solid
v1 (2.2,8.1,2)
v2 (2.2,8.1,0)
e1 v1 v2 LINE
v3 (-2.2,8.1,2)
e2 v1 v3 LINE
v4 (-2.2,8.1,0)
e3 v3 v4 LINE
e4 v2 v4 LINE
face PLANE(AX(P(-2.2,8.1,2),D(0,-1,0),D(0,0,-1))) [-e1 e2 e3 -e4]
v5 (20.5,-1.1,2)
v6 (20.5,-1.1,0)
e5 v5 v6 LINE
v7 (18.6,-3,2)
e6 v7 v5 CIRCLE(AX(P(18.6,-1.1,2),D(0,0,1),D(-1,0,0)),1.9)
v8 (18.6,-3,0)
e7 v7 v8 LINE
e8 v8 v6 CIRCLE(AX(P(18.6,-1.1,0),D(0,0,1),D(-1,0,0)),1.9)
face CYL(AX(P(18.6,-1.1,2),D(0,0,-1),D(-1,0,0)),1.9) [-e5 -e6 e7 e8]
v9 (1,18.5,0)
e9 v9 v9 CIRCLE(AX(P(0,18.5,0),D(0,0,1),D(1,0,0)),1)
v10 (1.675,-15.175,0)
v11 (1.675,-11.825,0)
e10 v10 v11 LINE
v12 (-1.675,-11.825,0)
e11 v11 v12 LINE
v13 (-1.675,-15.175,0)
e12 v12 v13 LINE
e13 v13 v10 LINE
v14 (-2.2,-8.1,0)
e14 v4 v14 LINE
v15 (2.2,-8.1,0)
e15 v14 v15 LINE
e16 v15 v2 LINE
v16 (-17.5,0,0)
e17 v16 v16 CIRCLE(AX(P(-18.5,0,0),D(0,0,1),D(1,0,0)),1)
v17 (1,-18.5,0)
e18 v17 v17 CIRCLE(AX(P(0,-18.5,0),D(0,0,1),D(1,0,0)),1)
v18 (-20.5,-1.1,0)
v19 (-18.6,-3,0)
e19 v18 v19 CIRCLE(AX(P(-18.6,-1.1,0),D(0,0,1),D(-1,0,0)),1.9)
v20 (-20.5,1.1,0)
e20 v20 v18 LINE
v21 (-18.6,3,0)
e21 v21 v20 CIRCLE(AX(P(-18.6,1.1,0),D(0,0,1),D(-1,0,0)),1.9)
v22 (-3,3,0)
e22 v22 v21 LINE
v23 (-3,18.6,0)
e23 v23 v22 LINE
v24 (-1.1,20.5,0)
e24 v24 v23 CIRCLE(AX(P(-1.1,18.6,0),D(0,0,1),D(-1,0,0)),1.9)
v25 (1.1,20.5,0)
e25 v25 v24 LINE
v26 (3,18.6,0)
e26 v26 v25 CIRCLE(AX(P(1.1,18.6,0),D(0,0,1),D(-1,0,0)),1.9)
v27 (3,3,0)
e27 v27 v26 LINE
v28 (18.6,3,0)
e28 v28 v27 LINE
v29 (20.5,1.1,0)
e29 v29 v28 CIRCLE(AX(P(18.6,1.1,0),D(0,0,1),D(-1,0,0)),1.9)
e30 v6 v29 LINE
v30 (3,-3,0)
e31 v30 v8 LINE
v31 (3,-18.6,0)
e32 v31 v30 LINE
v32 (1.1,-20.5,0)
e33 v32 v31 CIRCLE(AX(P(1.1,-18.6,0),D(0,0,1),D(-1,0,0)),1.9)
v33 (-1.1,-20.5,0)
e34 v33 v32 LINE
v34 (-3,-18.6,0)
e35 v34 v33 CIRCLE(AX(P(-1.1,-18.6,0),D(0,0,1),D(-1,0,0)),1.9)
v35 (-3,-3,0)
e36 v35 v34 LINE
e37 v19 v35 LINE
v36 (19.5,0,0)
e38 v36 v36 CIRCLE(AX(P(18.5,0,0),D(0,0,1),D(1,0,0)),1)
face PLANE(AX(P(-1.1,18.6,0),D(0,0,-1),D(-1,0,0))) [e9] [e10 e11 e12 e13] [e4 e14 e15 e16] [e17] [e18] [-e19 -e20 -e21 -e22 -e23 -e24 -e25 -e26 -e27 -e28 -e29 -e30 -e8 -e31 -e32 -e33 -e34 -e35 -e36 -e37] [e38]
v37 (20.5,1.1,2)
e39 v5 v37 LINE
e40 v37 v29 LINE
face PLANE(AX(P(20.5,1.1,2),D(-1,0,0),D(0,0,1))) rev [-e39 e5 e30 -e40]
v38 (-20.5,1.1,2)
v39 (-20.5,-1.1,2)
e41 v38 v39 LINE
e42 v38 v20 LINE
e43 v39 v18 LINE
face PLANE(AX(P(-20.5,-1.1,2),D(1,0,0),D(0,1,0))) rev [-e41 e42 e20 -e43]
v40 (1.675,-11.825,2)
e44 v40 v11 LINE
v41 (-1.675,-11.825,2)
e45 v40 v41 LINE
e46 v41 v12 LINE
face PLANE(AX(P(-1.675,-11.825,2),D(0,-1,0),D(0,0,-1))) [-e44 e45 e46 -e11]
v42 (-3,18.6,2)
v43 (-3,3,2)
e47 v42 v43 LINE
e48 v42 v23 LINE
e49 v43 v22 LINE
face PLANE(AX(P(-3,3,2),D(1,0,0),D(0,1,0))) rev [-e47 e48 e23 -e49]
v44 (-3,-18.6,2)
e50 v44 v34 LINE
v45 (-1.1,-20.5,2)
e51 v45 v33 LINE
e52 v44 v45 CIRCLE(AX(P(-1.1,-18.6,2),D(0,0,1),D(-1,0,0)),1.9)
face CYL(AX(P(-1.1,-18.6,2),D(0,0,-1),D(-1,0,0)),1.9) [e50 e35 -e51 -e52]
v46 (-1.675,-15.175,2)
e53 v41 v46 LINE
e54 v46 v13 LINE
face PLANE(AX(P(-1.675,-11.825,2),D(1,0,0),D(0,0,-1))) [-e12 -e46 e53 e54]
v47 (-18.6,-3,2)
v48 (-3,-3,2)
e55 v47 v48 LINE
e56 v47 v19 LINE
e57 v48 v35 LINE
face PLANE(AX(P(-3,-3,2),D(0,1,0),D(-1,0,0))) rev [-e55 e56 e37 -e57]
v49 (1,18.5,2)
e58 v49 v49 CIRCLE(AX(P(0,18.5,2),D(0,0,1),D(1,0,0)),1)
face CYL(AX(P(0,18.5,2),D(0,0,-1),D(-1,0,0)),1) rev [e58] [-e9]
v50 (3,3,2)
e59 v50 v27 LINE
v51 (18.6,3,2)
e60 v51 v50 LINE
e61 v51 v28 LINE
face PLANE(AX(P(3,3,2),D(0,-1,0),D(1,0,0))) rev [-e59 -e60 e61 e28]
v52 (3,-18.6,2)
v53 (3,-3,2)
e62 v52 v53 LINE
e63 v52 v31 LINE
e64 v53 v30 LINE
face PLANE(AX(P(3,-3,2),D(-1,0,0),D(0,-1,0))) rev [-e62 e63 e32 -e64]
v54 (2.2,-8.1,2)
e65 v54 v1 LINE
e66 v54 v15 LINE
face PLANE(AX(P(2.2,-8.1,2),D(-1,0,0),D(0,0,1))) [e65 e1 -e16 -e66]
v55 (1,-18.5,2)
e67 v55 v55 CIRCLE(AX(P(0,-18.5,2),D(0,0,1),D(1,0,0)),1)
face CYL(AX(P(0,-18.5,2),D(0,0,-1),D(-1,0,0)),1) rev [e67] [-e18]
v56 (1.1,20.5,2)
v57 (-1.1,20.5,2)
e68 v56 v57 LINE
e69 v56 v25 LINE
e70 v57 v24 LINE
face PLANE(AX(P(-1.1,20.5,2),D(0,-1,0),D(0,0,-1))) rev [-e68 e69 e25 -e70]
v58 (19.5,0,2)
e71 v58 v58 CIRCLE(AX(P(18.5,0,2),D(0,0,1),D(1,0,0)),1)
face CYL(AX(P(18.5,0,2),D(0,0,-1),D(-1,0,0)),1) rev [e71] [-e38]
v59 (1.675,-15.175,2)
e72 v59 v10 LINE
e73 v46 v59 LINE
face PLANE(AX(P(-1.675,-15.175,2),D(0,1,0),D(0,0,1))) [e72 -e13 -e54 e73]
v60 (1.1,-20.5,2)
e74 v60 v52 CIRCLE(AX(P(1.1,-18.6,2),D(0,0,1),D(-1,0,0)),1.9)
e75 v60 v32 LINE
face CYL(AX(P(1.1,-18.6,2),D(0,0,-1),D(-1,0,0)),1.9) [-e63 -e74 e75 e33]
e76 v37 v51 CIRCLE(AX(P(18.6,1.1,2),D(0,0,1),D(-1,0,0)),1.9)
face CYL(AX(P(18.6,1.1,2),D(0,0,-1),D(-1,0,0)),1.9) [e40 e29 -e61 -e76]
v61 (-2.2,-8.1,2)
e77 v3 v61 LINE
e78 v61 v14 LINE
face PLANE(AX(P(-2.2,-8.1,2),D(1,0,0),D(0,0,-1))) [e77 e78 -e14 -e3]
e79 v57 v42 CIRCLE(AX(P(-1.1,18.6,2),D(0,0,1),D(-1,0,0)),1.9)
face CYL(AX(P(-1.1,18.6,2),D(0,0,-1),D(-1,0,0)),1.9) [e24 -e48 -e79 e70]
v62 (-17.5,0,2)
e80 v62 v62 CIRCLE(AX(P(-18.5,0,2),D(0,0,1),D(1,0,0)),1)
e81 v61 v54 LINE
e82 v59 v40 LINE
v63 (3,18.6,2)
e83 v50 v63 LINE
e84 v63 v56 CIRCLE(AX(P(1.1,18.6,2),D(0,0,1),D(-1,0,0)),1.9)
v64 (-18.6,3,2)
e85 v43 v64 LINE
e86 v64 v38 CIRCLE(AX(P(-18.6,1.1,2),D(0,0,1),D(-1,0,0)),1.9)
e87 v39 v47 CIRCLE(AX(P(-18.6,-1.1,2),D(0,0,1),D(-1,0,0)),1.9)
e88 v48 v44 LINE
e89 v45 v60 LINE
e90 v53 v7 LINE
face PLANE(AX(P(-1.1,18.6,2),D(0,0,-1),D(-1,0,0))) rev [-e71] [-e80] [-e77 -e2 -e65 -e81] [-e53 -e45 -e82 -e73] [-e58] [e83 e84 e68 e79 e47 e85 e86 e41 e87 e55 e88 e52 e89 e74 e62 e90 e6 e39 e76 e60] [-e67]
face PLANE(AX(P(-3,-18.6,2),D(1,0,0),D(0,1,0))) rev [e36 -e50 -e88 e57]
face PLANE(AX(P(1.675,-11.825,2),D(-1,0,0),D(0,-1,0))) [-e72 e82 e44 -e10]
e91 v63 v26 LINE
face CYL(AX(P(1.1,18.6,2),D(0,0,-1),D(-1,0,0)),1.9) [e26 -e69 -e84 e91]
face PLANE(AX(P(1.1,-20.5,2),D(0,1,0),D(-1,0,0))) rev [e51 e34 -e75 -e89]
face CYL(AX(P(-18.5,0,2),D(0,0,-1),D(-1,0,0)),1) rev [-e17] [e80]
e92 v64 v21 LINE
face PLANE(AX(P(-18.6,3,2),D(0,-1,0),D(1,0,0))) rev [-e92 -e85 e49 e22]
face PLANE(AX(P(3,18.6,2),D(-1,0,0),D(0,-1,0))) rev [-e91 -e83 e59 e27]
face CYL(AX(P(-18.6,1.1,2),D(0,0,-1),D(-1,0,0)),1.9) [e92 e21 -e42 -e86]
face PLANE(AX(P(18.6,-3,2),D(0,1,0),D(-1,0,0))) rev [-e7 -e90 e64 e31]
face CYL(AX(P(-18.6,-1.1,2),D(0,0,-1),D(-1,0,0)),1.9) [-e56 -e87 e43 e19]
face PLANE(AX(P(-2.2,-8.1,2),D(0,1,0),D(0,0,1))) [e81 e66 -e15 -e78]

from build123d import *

# Parameters (mm, degrees)
CROQUIS1_R              = 1
CROQUIS1_W              = 3.35
CROQUIS1_H              = 3.35
CROQUIS1_W_2            = 4.4
CROQUIS1_H_2            = 16.2
SALIENTE_EXTRUIR1_DEPTH = 2


with BuildPart() as part:
    # Croquis1 → Saliente-Extruir1 (new body)
    with BuildSketch(Plane.XY):
        with BuildLine():
            Line((-3, 3), (-3, 18.6))
            ThreePointArc((-3, 18.6), (-2.443502884, 19.943502884), (-1.1, 20.5))
            Line((-1.1, 20.5), (1.1, 20.5))
            ThreePointArc((1.1, 20.5), (2.443502884, 19.943502884), (3, 18.6))
            Line((3, 18.6), (3, 3))
            Line((3, 3), (18.6, 3))
            ThreePointArc((18.6, 3), (19.943502884, 2.443502884), (20.5, 1.1))
            Line((20.5, 1.1), (20.5, -1.1))
            ThreePointArc((20.5, -1.1), (19.943502884, -2.443502884), (18.6, -3))
            Line((18.6, -3), (3, -3))
            Line((3, -3), (3, -18.6))
            ThreePointArc((3, -18.6), (2.443502884, -19.943502884), (1.1, -20.5))
            Line((1.1, -20.5), (-1.1, -20.5))
            ThreePointArc((-1.1, -20.5), (-2.443502884, -19.943502884), (-3, -18.6))
            Line((-3, -18.6), (-3, -3))
            Line((-3, -3), (-18.6, -3))
            ThreePointArc((-18.6, -3), (-19.943502884, -2.443502884), (-20.5, -1.1))
            Line((-20.5, -1.1), (-20.5, 1.1))
            ThreePointArc((-20.5, 1.1), (-19.943502884, 2.443502884), (-18.6, 3))
            Line((-18.6, 3), (-3, 3))
        make_face()
        with Locations((0, 18.5)):
            Circle(CROQUIS1_R, mode=Mode.SUBTRACT)
        with Locations((18.5, 0)):
            Circle(CROQUIS1_R, mode=Mode.SUBTRACT)
        with Locations((0, -18.5)):
            Circle(CROQUIS1_R, mode=Mode.SUBTRACT)
        with Locations((-18.5, 0)):
            Circle(CROQUIS1_R, mode=Mode.SUBTRACT)
        with Locations((0, -13.5)):
            Rectangle(CROQUIS1_W, CROQUIS1_H, mode=Mode.SUBTRACT)
        Rectangle(CROQUIS1_W_2, CROQUIS1_H_2, mode=Mode.SUBTRACT)
    extrude(amount=SALIENTE_EXTRUIR1_DEPTH)


solid = part.part
